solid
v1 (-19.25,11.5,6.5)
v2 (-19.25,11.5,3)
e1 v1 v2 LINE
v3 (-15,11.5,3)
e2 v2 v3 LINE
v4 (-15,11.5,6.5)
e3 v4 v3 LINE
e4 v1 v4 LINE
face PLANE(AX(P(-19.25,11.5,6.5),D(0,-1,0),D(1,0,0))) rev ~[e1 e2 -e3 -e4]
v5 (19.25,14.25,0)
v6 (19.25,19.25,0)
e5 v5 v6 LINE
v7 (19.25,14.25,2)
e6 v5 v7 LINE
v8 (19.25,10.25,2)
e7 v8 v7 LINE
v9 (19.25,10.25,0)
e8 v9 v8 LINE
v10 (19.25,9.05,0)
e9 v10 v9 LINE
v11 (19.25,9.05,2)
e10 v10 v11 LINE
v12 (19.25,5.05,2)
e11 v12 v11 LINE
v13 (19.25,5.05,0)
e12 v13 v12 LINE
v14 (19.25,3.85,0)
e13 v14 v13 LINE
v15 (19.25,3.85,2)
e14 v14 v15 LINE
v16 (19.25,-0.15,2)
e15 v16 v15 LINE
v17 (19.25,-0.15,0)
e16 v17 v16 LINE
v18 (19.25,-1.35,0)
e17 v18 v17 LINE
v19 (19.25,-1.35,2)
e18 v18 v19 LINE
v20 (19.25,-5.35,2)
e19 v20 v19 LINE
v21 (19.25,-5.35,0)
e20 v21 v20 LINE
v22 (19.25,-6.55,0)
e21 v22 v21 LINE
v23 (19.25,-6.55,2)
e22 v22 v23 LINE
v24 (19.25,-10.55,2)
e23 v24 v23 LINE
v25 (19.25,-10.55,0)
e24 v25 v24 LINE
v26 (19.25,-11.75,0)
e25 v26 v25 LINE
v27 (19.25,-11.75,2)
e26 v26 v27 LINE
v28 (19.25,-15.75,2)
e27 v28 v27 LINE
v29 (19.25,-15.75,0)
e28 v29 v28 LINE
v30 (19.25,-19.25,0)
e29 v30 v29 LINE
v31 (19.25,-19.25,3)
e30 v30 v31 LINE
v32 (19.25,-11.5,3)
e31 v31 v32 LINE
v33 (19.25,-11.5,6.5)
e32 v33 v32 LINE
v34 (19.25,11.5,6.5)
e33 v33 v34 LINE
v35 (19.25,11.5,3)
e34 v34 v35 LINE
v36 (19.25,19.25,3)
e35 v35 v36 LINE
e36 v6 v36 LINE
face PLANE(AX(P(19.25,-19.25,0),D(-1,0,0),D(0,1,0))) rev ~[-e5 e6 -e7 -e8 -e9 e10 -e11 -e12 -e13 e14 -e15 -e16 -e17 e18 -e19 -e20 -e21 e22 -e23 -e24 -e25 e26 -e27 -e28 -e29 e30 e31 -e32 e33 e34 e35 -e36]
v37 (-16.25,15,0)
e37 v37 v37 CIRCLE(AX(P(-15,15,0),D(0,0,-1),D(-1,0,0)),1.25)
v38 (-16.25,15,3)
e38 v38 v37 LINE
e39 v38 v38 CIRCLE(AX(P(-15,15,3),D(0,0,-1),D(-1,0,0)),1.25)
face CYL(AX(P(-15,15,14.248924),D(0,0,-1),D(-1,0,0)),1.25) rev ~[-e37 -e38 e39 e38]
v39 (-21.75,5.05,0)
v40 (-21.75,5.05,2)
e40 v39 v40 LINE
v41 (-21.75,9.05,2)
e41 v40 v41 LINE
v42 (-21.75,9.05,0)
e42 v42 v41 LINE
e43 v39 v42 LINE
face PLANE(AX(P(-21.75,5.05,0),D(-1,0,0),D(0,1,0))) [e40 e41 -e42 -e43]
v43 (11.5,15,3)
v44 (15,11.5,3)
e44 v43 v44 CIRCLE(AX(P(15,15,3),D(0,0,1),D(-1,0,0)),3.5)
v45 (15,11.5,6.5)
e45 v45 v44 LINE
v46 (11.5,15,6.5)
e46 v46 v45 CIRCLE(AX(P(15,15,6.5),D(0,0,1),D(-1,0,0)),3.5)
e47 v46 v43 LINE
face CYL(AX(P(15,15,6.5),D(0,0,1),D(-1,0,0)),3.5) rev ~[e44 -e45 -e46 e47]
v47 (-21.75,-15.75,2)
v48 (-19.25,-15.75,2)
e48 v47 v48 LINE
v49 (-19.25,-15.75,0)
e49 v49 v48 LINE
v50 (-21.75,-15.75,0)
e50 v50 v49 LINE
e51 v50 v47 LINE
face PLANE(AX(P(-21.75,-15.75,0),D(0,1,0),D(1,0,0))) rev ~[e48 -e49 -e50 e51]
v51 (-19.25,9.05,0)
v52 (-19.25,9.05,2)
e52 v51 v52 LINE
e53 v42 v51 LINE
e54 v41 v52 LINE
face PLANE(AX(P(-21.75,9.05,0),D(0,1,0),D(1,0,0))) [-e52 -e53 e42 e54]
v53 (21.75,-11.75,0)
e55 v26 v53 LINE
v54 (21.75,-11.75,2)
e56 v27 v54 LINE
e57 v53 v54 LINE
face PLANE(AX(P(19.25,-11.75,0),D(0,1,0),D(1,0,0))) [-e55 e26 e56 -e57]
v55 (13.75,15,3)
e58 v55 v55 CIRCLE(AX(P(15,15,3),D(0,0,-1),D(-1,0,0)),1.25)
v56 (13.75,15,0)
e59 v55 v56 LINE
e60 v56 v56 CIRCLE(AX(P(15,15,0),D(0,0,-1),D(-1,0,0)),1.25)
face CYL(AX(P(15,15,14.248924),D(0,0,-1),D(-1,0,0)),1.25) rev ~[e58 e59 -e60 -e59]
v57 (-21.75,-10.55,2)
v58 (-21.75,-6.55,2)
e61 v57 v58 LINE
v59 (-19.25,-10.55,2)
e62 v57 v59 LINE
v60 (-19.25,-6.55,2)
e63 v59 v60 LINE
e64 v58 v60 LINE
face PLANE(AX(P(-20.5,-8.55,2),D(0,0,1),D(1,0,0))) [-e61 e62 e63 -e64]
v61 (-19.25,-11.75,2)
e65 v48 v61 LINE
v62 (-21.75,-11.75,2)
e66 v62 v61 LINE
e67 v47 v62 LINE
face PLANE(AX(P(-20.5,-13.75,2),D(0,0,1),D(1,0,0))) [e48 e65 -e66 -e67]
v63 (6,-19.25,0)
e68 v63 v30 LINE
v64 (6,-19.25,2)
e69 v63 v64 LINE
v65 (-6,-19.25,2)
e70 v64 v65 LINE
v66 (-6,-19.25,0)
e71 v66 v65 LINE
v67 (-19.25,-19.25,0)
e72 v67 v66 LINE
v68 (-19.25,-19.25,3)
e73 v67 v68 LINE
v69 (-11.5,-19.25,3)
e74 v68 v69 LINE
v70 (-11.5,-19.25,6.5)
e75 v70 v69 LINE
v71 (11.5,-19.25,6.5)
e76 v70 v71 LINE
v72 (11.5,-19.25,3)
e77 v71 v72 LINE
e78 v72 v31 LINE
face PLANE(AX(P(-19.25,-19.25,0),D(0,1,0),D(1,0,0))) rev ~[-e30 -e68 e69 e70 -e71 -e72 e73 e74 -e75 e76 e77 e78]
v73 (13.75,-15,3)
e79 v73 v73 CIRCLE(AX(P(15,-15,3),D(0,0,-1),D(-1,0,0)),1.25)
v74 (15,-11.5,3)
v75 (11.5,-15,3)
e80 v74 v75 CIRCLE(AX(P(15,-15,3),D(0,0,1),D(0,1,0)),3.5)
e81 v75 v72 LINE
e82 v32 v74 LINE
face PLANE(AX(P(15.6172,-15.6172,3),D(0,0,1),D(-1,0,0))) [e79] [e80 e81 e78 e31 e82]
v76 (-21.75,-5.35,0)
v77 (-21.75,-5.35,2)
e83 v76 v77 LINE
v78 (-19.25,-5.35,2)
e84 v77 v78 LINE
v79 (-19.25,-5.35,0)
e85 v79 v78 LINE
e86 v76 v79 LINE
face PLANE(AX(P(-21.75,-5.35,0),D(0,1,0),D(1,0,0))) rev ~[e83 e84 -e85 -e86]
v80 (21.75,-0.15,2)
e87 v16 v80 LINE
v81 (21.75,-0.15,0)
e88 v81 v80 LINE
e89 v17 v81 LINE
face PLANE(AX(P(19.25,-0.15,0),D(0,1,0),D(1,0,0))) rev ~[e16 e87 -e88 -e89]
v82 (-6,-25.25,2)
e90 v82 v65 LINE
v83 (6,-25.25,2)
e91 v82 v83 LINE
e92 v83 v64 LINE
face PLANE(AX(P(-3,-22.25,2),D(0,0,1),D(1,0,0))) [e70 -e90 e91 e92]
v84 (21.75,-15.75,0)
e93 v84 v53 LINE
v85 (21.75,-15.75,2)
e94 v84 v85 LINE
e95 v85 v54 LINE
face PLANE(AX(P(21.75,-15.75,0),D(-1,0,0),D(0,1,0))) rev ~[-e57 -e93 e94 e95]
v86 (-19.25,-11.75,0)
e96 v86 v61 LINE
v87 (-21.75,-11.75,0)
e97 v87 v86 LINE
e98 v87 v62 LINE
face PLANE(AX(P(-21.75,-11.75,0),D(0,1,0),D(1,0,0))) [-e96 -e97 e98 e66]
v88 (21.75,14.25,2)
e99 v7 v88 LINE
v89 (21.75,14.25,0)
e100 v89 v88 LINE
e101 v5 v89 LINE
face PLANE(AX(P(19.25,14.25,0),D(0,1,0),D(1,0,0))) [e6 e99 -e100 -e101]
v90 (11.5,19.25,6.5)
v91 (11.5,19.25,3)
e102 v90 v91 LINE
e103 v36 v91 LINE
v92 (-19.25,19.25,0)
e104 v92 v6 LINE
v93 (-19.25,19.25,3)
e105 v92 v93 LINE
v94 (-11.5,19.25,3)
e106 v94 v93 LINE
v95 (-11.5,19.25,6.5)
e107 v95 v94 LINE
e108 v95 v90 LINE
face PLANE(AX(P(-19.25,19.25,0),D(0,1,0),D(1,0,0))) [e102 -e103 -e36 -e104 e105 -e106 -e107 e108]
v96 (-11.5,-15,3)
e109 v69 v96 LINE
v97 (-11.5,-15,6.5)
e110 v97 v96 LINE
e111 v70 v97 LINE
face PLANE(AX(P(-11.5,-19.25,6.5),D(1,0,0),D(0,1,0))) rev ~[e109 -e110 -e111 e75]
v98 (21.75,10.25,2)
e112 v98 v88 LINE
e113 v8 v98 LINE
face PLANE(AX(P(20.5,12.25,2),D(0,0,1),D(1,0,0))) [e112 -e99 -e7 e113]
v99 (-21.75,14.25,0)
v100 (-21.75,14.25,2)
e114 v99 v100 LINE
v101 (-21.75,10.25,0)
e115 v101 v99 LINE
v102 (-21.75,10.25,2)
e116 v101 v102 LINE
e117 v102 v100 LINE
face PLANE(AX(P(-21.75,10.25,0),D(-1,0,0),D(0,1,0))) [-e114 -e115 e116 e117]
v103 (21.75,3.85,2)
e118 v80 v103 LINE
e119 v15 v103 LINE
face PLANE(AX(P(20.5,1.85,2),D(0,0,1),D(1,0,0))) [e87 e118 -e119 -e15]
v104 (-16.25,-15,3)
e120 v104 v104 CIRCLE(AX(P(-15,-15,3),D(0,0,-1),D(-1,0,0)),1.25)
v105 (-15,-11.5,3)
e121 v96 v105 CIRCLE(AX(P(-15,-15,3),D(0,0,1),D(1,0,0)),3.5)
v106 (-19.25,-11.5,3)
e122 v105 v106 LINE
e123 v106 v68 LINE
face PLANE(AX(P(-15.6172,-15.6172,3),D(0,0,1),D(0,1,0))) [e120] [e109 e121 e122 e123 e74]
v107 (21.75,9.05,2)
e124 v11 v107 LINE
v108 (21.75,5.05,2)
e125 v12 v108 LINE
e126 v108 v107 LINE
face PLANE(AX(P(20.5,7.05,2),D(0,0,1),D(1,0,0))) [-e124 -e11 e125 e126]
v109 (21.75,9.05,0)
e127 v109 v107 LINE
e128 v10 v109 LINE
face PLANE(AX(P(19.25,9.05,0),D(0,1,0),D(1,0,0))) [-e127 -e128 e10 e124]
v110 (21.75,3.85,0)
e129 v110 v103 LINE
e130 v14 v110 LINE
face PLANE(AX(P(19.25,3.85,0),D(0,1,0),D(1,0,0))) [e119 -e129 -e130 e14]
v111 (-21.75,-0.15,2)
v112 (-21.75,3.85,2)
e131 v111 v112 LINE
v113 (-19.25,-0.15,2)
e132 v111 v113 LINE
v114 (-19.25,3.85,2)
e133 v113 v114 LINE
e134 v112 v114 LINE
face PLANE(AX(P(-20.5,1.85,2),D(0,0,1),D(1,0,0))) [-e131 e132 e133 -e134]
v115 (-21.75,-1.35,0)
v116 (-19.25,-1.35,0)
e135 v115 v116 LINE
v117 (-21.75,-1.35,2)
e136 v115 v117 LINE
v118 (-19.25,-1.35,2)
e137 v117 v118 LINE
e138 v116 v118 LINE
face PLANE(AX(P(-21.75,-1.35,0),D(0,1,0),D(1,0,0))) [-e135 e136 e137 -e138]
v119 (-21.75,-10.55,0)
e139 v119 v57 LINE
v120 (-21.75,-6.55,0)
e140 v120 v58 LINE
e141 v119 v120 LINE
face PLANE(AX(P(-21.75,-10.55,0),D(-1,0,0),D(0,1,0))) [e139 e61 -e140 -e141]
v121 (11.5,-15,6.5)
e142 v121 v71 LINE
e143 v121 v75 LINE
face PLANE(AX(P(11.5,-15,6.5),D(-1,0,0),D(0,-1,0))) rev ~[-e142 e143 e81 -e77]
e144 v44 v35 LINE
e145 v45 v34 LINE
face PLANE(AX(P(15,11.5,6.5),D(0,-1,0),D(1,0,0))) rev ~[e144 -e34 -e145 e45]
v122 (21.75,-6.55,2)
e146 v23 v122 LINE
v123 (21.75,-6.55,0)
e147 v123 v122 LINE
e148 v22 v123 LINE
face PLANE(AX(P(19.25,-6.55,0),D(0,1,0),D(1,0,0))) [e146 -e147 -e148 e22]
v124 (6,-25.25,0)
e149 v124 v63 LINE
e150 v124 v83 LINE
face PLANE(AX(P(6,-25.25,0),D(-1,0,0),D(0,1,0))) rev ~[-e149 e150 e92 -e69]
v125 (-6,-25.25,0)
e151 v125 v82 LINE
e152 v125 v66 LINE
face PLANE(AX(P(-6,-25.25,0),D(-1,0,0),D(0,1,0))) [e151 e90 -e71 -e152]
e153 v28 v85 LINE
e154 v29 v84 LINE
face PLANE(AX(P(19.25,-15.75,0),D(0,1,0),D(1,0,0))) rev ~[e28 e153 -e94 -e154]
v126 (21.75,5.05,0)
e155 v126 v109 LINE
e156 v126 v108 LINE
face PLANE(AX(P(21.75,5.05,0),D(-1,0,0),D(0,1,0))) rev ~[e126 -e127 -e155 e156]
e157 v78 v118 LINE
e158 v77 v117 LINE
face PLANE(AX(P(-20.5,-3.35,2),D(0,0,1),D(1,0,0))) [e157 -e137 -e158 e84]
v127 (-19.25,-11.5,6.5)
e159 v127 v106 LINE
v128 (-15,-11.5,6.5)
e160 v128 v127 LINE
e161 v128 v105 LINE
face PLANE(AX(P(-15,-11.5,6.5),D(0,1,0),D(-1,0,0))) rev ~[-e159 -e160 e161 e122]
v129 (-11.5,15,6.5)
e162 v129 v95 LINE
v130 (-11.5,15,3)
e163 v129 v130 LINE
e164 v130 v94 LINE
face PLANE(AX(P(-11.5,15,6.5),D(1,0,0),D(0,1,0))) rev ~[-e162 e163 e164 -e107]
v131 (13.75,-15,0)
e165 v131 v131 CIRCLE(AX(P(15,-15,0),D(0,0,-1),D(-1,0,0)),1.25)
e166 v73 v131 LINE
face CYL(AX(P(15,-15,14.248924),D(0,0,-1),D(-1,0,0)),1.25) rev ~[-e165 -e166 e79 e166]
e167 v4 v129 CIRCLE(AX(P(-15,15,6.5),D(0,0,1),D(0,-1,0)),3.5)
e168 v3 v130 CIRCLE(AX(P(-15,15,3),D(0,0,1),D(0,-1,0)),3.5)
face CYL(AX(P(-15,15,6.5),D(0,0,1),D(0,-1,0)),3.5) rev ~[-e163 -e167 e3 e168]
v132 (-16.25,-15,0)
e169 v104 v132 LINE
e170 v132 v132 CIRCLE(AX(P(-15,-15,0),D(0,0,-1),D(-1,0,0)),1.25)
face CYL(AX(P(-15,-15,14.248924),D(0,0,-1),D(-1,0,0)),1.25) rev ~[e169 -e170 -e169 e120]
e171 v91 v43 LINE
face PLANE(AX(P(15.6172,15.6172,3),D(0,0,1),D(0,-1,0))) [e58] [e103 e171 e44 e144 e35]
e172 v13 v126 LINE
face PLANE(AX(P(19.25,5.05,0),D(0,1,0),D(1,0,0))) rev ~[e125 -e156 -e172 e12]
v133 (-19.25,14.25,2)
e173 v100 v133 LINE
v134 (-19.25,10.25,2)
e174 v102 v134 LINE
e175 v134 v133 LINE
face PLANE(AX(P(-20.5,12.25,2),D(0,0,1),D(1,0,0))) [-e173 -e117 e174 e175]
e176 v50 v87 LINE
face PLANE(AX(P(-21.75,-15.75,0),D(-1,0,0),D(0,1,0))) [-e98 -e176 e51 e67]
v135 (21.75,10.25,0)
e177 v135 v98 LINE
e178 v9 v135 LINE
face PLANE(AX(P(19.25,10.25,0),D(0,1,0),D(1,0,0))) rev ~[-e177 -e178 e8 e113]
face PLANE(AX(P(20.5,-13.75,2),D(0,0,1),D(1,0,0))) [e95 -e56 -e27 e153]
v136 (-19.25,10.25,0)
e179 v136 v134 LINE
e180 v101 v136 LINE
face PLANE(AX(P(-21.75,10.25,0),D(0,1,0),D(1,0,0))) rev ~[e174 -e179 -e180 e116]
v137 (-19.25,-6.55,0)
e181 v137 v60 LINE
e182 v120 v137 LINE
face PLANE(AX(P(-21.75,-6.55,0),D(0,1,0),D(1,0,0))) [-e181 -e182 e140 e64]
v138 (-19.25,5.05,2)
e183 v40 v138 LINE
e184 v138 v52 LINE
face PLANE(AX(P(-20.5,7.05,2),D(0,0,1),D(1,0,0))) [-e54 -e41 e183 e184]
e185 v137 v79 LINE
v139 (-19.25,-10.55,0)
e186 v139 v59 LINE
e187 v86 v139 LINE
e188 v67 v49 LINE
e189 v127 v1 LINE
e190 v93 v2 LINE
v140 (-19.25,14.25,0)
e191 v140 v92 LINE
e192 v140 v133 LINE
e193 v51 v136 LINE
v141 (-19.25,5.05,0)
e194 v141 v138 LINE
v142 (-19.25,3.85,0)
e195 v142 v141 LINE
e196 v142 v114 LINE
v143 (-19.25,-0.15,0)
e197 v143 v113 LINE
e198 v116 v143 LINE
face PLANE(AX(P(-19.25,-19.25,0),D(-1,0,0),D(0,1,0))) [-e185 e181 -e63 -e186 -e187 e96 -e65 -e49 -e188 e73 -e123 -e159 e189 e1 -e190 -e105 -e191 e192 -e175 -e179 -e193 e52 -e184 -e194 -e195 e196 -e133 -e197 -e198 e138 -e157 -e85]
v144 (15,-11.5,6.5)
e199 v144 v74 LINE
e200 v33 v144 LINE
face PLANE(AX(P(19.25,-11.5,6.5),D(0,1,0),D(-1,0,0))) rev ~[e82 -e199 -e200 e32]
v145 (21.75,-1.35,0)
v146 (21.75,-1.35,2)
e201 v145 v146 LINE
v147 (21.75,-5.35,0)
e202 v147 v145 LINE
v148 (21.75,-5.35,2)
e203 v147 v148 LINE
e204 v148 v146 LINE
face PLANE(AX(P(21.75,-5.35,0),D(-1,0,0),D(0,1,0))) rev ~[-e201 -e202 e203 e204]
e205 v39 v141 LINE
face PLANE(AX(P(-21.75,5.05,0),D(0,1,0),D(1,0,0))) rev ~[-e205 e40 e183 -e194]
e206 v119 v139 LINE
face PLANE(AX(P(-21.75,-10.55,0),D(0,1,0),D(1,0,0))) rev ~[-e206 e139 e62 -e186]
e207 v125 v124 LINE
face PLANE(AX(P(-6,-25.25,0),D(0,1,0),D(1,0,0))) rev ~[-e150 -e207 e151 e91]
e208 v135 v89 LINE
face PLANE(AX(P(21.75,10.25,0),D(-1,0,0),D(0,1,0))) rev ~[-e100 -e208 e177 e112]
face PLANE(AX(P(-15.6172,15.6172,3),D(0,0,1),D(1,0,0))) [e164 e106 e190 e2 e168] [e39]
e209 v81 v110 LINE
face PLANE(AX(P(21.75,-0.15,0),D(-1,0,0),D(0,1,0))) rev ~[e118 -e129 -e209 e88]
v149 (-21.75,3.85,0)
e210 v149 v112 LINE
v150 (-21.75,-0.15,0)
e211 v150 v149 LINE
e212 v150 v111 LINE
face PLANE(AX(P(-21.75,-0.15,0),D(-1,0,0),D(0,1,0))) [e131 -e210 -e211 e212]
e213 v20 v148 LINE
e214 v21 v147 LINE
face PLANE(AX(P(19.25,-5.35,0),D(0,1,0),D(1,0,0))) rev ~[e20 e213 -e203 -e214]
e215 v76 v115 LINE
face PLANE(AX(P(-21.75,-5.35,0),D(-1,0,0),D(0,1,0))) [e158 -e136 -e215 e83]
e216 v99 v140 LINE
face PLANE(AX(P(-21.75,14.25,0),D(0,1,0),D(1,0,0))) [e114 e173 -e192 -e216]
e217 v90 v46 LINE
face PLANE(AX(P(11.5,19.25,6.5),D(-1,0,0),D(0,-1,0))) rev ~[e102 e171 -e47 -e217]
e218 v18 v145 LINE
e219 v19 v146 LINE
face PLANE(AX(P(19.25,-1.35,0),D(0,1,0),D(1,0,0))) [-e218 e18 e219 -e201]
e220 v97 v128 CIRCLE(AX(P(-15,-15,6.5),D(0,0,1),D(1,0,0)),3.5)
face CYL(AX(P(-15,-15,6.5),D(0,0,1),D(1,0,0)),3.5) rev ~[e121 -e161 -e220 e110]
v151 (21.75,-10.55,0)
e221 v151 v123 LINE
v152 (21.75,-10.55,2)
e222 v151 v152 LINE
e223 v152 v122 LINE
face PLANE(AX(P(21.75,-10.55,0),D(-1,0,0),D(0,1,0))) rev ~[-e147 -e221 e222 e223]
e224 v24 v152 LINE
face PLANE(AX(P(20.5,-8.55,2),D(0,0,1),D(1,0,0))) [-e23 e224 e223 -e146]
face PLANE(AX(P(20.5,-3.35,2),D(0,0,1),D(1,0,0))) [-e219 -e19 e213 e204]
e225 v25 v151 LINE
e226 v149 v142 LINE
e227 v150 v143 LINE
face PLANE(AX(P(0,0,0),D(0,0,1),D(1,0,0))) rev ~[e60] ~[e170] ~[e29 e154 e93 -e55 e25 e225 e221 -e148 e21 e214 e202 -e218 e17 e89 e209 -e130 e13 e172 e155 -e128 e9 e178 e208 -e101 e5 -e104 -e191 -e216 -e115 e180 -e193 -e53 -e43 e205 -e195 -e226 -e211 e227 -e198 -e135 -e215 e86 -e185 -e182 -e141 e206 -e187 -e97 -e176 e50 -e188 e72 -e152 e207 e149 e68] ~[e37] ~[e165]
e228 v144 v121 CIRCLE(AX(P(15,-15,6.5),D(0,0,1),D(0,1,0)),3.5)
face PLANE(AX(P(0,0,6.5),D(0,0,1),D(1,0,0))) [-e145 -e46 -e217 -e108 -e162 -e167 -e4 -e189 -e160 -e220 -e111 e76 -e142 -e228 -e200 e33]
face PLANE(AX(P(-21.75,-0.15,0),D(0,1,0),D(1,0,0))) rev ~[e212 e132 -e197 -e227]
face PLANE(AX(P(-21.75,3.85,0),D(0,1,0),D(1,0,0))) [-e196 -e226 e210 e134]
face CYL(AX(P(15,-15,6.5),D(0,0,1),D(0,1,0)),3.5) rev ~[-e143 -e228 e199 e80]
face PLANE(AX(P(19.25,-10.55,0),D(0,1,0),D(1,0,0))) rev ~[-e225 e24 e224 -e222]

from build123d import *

# Parameters (mm, degrees)
SKETCH_1_W               = 38.5
SKETCH_1_H               = 38.5
EXTRUDE_1_DEPTH          = 6.5
SKETCH_2_W               = 2.5
SKETCH_2_H               = 4
SKETCH_2_W_2             = 6
SKETCH_2_H_2             = 6
EXTRUDE_2_DEPTH          = 2
M3X0_5_1_D               = 2.5
M3X0_5_1_DEPTH           = 7.748924226
M3X0_5_1_TIP             = 0.751075774
CUT_EXTRUDE_1_DEPTH      = 3.5
PATTERN_CIRCULAR_1_COUNT = 4


with BuildPart() as part:
    # ｽｹｯﾁ1 → ﾎﾞｽ - 押し出し1 (new body)
    with BuildSketch(Plane.XY):
        Rectangle(SKETCH_1_W, SKETCH_1_H)
    extrude(amount=EXTRUDE_1_DEPTH)

    # ｽｹｯﾁ2 → ﾎﾞｽ - 押し出し2 (add)
    with BuildSketch(Plane.XY):
        with Locations((-20.5, 12.25)):
            Rectangle(SKETCH_2_W, SKETCH_2_H)
        with Locations((-20.5, 7.05)):
            Rectangle(SKETCH_2_W, SKETCH_2_H)
        with Locations((-20.5, 1.85)):
            Rectangle(SKETCH_2_W, SKETCH_2_H)
        with Locations((-20.5, -3.35)):
            Rectangle(SKETCH_2_W, SKETCH_2_H)
        with Locations((-20.5, -8.55)):
            Rectangle(SKETCH_2_W, SKETCH_2_H)
        with Locations((-20.5, -13.75)):
            Rectangle(SKETCH_2_W, SKETCH_2_H)
        with Locations((-3, -22.25)):
            Rectangle(SKETCH_2_W_2, SKETCH_2_H_2)
        with Locations((3, -22.25)):
            Rectangle(SKETCH_2_W_2, SKETCH_2_H_2)
        with Locations((20.5, -13.75)):
            Rectangle(SKETCH_2_W, SKETCH_2_H)
        with Locations((20.5, -8.55)):
            Rectangle(SKETCH_2_W, SKETCH_2_H)
        with Locations((20.5, 1.85)):
            Rectangle(SKETCH_2_W, SKETCH_2_H)
        with Locations((20.5, 7.05)):
            Rectangle(SKETCH_2_W, SKETCH_2_H)
        with Locations((20.5, 12.25)):
            Rectangle(SKETCH_2_W, SKETCH_2_H)
        with Locations((20.5, -3.35)):
            Rectangle(SKETCH_2_W, SKETCH_2_H)
    extrude(amount=EXTRUDE_2_DEPTH)

    # M3x0.5 ねじ穴1
    with Locations(Plane.XY.offset(6.5)):
        with Locations((-15, 15), (15, 15), (15, -15), (-15, -15)):
            Hole(M3X0_5_1_D / 2, depth=M3X0_5_1_DEPTH)
            with Locations((0, 0, -(M3X0_5_1_DEPTH + M3X0_5_1_TIP / 2))):  # 118° drill point
                Cone(0, M3X0_5_1_D / 2, M3X0_5_1_TIP, mode=Mode.SUBTRACT)

    # ｽｹｯﾁ5 → ｶｯﾄ - 押し出し1 (cut)
    with BuildSketch(Plane.XY.offset(6.5)):
        with BuildLine():
            Line((-11.5, 15), (-11.5, 19.25))
            Line((-11.5, 19.25), (-19.25, 19.25))
            Line((-19.25, 19.25), (-19.25, 11.5))
            Line((-19.25, 11.5), (-15, 11.5))
            ThreePointArc((-15, 11.5), (-12.525126266, 12.525126266), (-11.5, 15))
        make_face()
    cut_extrude_1 = extrude(amount=-CUT_EXTRUDE_1_DEPTH, mode=Mode.SUBTRACT)

    # 円形ﾊﾟﾀｰﾝ1: ｶｯﾄ - 押し出し1 ×4 about axis
    pattern_circular_1_axis = Axis((0, 0, 0), (0, 0, 1))
    for i in range(1, PATTERN_CIRCULAR_1_COUNT):
        add(cut_extrude_1.rotate(pattern_circular_1_axis, i * 360 / PATTERN_CIRCULAR_1_COUNT), mode=Mode.SUBTRACT)


solid = part.part
